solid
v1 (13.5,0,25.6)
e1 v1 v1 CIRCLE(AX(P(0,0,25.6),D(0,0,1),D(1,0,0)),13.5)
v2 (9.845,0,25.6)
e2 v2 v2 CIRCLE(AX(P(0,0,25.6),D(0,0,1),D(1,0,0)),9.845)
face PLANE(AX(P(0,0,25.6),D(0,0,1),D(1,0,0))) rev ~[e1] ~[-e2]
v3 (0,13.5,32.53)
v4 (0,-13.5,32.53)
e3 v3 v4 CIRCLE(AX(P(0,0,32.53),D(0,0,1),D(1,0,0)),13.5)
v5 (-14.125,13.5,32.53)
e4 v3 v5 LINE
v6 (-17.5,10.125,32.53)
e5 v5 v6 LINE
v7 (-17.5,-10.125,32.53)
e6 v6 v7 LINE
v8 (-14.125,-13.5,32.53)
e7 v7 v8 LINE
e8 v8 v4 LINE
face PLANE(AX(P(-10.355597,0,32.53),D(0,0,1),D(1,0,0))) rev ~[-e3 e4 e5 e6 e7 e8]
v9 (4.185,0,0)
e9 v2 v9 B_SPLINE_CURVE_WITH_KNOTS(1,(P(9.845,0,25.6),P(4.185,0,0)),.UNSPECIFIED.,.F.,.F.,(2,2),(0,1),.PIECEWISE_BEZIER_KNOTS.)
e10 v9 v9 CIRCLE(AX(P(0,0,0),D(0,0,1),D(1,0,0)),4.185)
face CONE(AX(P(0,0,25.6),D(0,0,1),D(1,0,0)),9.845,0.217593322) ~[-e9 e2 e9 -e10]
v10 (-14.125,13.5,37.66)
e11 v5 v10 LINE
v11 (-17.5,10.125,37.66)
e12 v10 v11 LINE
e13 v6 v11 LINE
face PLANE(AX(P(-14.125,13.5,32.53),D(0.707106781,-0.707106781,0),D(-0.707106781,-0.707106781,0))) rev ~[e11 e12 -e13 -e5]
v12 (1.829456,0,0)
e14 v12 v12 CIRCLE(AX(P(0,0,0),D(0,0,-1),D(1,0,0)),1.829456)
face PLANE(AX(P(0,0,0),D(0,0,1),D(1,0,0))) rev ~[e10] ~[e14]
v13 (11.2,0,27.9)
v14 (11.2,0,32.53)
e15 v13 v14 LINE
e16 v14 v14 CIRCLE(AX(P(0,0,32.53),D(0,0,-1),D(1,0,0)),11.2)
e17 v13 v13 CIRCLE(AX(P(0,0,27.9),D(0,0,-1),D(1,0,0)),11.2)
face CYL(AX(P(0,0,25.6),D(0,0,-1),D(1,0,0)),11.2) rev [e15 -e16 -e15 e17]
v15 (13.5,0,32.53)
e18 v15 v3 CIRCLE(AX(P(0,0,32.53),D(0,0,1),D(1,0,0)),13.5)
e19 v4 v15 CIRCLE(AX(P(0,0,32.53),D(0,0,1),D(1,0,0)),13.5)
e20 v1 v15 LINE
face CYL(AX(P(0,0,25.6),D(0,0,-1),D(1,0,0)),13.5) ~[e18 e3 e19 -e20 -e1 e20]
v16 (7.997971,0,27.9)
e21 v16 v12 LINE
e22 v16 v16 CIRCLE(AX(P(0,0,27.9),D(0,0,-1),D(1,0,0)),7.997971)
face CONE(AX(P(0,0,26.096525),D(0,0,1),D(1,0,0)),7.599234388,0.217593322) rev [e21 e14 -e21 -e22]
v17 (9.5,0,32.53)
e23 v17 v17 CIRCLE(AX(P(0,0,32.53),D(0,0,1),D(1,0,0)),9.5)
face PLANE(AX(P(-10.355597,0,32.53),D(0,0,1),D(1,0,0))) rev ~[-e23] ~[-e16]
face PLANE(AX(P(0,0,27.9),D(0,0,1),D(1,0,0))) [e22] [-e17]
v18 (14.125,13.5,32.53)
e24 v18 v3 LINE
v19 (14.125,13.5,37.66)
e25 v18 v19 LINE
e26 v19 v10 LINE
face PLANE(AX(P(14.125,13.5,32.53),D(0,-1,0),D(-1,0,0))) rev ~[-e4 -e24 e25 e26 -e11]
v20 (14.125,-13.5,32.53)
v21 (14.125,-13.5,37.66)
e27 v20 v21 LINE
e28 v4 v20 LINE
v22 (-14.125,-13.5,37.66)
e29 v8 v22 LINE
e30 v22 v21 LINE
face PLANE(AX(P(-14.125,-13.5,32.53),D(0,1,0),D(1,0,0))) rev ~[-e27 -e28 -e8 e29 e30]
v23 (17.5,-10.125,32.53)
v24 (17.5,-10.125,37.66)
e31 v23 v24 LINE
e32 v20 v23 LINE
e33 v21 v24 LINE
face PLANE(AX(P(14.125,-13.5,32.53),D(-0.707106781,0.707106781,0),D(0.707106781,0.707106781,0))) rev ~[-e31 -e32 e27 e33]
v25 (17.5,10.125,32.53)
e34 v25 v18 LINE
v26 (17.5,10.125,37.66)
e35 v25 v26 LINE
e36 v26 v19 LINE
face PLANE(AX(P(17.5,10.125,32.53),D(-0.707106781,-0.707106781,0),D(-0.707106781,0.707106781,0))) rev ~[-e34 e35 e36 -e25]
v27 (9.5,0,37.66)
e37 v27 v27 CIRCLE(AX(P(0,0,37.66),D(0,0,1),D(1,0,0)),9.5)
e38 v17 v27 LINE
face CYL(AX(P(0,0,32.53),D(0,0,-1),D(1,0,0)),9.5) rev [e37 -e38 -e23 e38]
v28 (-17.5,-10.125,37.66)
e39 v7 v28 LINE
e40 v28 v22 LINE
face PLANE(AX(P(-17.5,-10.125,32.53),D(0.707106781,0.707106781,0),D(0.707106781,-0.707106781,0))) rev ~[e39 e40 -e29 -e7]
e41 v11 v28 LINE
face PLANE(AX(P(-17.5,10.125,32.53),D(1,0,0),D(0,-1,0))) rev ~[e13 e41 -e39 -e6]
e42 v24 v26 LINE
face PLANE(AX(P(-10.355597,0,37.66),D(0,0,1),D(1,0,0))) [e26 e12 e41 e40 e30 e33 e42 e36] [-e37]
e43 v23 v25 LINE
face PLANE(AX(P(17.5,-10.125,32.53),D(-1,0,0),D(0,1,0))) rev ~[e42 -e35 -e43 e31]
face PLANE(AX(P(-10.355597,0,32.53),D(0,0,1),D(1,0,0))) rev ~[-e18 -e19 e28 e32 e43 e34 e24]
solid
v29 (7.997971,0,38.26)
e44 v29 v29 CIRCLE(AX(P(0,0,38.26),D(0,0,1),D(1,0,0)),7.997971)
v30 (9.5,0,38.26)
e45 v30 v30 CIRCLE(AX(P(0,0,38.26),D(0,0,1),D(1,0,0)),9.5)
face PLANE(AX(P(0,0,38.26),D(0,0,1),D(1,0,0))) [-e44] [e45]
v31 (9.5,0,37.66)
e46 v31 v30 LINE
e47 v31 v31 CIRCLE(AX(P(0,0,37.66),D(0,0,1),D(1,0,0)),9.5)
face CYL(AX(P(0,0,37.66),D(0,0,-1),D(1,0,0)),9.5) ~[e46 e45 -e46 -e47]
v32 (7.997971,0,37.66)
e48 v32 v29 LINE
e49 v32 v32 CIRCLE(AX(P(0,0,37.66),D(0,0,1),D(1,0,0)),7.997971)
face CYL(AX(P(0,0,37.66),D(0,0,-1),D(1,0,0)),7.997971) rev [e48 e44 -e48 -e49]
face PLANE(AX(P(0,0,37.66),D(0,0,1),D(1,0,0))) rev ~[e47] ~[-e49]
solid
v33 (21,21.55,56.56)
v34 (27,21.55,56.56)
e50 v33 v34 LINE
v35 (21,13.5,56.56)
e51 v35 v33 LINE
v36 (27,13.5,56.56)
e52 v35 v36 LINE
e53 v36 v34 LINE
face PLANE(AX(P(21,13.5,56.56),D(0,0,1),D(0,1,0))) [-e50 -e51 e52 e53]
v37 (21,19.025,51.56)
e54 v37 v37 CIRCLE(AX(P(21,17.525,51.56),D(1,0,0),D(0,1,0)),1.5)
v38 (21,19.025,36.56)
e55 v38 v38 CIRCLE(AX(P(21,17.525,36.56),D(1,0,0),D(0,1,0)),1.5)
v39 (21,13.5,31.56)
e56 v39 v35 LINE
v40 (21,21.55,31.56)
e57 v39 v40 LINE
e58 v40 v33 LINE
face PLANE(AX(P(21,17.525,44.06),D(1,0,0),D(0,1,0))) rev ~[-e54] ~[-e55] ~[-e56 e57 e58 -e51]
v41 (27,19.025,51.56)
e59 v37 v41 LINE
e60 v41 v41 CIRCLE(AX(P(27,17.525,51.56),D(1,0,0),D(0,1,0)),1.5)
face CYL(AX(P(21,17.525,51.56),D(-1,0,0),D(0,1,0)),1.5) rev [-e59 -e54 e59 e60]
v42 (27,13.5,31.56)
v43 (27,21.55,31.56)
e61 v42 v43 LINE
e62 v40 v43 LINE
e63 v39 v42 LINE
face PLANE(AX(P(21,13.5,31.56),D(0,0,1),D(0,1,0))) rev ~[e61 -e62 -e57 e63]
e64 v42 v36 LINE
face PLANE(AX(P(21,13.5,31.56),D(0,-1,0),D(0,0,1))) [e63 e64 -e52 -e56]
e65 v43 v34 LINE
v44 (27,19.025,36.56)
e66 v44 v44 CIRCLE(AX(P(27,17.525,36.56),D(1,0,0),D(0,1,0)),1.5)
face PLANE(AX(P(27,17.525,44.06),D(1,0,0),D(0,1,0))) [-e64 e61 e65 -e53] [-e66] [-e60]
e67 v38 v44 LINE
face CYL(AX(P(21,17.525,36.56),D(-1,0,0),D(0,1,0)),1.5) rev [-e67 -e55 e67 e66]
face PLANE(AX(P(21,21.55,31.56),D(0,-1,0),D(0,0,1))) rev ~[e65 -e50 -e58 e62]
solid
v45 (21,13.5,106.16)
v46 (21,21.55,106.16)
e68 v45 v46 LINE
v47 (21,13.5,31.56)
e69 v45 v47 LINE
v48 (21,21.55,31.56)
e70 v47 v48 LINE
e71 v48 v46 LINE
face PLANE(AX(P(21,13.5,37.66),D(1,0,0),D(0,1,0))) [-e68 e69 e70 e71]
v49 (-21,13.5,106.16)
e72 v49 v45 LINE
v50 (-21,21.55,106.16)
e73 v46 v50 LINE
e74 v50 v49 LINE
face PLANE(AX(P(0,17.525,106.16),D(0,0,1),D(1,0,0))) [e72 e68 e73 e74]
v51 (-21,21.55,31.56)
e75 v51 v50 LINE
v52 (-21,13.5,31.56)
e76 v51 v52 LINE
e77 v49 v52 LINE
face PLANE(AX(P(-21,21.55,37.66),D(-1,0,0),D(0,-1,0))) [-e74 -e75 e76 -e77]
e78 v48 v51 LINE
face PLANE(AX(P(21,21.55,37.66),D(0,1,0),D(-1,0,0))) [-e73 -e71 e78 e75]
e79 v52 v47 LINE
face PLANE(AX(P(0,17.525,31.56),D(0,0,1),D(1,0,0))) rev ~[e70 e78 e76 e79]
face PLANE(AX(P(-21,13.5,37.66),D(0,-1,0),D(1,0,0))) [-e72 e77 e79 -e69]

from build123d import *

# Parameters (mm, degrees)
F2_R           = 9.845
F0_R           = 4.185
F2_R_2         = 13.5
F4_DEPTH       = 6.93
F5_T           = -2.3
F6_R           = 11.2
F6_R_2         = 10.7
F6_R_3         = 9.5
F7_DEPTH       = 5.13
F8_R           = 9.5
F8_R_2         = 7.9979714966
F9_DEPTH       = 0.6
F11_DEPTH      = 68.5
F11_DEPTH_BACK = 6.1
F12_W          = 8.05
F12_H          = 25
F12_R          = 1.5
F13_DEPTH      = 6


with BuildPart() as f3:
    # F2 (on offset) → F3 section 0
    with BuildSketch(Plane.XY.offset(25.6)):
        Circle(F2_R)
    # F0 (on Top) → F3 section 1
    with BuildSketch(Plane.XY):
        Circle(F0_R)
    loft()

    # F2 (on offset) → F4 (join)
    with BuildSketch(Plane.XY.offset(25.6)):
        Circle(F2_R_2)
        Circle(F2_R, mode=Mode.SUBTRACT)
        Circle(F2_R)
    extrude(amount=F4_DEPTH)

    # F5
    f5_openings = [f3.faces().sort_by_distance(p)[0] for p in [
        (0, 0, 32.53),
        (0, 0, 0),
    ]]
    offset(amount=F5_T, openings=f5_openings, kind=Kind.INTERSECTION)

    # F6 (on face) → F7 (join)
    with BuildSketch(Plane.XY.offset(32.53)):
        with BuildLine():
            Line((-14.125, -13.5), (0, -13.5))
            ThreePointArc((0, -13.5), (-13.5, 7.8e-09), (1.55e-08, 13.5))
            Line((1.55e-08, 13.5), (-14.125, 13.5))
            Line((-14.125, 13.5), (-17.5, 10.125))
            Line((-17.5, 10.125), (-17.5, -10.125))
            Line((-17.5, -10.125), (-14.125, -13.5))
        make_face()
        with BuildLine():
            Line((0, -13.5), (14.125, -13.5))
            Line((14.125, -13.5), (17.5, -10.125))
            Line((17.5, -10.125), (17.5, 10.125))
            Line((17.5, 10.125), (14.125, 13.5))
            Line((14.125, 13.5), (1.55e-08, 13.5))
            ThreePointArc((1.55e-08, 13.5), (9.5459415515, 9.5459415405), (13.5, 0))
            ThreePointArc((13.5, 0), (9.545941546, -9.545941546), (0, -13.5))
        make_face()
        with BuildLine():
            ThreePointArc((1.55e-08, 13.5), (-13.5, 7.8e-09), (0, -13.5))
            ThreePointArc((0, -13.5), (9.545941546, -9.545941546), (13.5, 0))
            ThreePointArc((13.5, 0), (9.5459415515, 9.5459415405), (1.55e-08, 13.5))
        make_face()
        Circle(F6_R, mode=Mode.SUBTRACT)
        Circle(F6_R)
        Circle(F6_R_2, mode=Mode.SUBTRACT)
        Circle(F6_R_2)
        Circle(F6_R_3, mode=Mode.SUBTRACT)
    extrude(amount=F7_DEPTH)


with BuildPart() as f9:
    # F8 (on face) → F9 (new body)
    with BuildSketch(Plane.XY.offset(37.66)):
        Circle(F8_R)
        Circle(F8_R_2, mode=Mode.SUBTRACT)
    extrude(amount=F9_DEPTH)


with BuildPart() as f11:
    # F10 (on face) → F11 (new body, two sides)
    with BuildSketch(Plane.XY.offset(37.66)) as f11_sk:
        Polygon((14.125, 13.5), (21, 13.5), (21, 21.55), (-21, 21.55), (-21, 13.5), (-14.125, 13.5), align=None)
    extrude(amount=F11_DEPTH)
    extrude(f11_sk.sketch, amount=-F11_DEPTH_BACK)


with BuildPart() as f13:
    # F12 (on face) → F13 (new body)
    with BuildSketch(Plane.YZ.offset(21)):
        with Locations((17.525, 44.06)):
            Rectangle(F12_W, F12_H)
        with Locations((17.525, 36.56)):
            Circle(F12_R, mode=Mode.SUBTRACT)
        with Locations((17.525, 51.56)):
            Circle(F12_R, mode=Mode.SUBTRACT)
    extrude(amount=F13_DEPTH)


solid = Compound([f3.part, f9.part, f11.part, f13.part])
